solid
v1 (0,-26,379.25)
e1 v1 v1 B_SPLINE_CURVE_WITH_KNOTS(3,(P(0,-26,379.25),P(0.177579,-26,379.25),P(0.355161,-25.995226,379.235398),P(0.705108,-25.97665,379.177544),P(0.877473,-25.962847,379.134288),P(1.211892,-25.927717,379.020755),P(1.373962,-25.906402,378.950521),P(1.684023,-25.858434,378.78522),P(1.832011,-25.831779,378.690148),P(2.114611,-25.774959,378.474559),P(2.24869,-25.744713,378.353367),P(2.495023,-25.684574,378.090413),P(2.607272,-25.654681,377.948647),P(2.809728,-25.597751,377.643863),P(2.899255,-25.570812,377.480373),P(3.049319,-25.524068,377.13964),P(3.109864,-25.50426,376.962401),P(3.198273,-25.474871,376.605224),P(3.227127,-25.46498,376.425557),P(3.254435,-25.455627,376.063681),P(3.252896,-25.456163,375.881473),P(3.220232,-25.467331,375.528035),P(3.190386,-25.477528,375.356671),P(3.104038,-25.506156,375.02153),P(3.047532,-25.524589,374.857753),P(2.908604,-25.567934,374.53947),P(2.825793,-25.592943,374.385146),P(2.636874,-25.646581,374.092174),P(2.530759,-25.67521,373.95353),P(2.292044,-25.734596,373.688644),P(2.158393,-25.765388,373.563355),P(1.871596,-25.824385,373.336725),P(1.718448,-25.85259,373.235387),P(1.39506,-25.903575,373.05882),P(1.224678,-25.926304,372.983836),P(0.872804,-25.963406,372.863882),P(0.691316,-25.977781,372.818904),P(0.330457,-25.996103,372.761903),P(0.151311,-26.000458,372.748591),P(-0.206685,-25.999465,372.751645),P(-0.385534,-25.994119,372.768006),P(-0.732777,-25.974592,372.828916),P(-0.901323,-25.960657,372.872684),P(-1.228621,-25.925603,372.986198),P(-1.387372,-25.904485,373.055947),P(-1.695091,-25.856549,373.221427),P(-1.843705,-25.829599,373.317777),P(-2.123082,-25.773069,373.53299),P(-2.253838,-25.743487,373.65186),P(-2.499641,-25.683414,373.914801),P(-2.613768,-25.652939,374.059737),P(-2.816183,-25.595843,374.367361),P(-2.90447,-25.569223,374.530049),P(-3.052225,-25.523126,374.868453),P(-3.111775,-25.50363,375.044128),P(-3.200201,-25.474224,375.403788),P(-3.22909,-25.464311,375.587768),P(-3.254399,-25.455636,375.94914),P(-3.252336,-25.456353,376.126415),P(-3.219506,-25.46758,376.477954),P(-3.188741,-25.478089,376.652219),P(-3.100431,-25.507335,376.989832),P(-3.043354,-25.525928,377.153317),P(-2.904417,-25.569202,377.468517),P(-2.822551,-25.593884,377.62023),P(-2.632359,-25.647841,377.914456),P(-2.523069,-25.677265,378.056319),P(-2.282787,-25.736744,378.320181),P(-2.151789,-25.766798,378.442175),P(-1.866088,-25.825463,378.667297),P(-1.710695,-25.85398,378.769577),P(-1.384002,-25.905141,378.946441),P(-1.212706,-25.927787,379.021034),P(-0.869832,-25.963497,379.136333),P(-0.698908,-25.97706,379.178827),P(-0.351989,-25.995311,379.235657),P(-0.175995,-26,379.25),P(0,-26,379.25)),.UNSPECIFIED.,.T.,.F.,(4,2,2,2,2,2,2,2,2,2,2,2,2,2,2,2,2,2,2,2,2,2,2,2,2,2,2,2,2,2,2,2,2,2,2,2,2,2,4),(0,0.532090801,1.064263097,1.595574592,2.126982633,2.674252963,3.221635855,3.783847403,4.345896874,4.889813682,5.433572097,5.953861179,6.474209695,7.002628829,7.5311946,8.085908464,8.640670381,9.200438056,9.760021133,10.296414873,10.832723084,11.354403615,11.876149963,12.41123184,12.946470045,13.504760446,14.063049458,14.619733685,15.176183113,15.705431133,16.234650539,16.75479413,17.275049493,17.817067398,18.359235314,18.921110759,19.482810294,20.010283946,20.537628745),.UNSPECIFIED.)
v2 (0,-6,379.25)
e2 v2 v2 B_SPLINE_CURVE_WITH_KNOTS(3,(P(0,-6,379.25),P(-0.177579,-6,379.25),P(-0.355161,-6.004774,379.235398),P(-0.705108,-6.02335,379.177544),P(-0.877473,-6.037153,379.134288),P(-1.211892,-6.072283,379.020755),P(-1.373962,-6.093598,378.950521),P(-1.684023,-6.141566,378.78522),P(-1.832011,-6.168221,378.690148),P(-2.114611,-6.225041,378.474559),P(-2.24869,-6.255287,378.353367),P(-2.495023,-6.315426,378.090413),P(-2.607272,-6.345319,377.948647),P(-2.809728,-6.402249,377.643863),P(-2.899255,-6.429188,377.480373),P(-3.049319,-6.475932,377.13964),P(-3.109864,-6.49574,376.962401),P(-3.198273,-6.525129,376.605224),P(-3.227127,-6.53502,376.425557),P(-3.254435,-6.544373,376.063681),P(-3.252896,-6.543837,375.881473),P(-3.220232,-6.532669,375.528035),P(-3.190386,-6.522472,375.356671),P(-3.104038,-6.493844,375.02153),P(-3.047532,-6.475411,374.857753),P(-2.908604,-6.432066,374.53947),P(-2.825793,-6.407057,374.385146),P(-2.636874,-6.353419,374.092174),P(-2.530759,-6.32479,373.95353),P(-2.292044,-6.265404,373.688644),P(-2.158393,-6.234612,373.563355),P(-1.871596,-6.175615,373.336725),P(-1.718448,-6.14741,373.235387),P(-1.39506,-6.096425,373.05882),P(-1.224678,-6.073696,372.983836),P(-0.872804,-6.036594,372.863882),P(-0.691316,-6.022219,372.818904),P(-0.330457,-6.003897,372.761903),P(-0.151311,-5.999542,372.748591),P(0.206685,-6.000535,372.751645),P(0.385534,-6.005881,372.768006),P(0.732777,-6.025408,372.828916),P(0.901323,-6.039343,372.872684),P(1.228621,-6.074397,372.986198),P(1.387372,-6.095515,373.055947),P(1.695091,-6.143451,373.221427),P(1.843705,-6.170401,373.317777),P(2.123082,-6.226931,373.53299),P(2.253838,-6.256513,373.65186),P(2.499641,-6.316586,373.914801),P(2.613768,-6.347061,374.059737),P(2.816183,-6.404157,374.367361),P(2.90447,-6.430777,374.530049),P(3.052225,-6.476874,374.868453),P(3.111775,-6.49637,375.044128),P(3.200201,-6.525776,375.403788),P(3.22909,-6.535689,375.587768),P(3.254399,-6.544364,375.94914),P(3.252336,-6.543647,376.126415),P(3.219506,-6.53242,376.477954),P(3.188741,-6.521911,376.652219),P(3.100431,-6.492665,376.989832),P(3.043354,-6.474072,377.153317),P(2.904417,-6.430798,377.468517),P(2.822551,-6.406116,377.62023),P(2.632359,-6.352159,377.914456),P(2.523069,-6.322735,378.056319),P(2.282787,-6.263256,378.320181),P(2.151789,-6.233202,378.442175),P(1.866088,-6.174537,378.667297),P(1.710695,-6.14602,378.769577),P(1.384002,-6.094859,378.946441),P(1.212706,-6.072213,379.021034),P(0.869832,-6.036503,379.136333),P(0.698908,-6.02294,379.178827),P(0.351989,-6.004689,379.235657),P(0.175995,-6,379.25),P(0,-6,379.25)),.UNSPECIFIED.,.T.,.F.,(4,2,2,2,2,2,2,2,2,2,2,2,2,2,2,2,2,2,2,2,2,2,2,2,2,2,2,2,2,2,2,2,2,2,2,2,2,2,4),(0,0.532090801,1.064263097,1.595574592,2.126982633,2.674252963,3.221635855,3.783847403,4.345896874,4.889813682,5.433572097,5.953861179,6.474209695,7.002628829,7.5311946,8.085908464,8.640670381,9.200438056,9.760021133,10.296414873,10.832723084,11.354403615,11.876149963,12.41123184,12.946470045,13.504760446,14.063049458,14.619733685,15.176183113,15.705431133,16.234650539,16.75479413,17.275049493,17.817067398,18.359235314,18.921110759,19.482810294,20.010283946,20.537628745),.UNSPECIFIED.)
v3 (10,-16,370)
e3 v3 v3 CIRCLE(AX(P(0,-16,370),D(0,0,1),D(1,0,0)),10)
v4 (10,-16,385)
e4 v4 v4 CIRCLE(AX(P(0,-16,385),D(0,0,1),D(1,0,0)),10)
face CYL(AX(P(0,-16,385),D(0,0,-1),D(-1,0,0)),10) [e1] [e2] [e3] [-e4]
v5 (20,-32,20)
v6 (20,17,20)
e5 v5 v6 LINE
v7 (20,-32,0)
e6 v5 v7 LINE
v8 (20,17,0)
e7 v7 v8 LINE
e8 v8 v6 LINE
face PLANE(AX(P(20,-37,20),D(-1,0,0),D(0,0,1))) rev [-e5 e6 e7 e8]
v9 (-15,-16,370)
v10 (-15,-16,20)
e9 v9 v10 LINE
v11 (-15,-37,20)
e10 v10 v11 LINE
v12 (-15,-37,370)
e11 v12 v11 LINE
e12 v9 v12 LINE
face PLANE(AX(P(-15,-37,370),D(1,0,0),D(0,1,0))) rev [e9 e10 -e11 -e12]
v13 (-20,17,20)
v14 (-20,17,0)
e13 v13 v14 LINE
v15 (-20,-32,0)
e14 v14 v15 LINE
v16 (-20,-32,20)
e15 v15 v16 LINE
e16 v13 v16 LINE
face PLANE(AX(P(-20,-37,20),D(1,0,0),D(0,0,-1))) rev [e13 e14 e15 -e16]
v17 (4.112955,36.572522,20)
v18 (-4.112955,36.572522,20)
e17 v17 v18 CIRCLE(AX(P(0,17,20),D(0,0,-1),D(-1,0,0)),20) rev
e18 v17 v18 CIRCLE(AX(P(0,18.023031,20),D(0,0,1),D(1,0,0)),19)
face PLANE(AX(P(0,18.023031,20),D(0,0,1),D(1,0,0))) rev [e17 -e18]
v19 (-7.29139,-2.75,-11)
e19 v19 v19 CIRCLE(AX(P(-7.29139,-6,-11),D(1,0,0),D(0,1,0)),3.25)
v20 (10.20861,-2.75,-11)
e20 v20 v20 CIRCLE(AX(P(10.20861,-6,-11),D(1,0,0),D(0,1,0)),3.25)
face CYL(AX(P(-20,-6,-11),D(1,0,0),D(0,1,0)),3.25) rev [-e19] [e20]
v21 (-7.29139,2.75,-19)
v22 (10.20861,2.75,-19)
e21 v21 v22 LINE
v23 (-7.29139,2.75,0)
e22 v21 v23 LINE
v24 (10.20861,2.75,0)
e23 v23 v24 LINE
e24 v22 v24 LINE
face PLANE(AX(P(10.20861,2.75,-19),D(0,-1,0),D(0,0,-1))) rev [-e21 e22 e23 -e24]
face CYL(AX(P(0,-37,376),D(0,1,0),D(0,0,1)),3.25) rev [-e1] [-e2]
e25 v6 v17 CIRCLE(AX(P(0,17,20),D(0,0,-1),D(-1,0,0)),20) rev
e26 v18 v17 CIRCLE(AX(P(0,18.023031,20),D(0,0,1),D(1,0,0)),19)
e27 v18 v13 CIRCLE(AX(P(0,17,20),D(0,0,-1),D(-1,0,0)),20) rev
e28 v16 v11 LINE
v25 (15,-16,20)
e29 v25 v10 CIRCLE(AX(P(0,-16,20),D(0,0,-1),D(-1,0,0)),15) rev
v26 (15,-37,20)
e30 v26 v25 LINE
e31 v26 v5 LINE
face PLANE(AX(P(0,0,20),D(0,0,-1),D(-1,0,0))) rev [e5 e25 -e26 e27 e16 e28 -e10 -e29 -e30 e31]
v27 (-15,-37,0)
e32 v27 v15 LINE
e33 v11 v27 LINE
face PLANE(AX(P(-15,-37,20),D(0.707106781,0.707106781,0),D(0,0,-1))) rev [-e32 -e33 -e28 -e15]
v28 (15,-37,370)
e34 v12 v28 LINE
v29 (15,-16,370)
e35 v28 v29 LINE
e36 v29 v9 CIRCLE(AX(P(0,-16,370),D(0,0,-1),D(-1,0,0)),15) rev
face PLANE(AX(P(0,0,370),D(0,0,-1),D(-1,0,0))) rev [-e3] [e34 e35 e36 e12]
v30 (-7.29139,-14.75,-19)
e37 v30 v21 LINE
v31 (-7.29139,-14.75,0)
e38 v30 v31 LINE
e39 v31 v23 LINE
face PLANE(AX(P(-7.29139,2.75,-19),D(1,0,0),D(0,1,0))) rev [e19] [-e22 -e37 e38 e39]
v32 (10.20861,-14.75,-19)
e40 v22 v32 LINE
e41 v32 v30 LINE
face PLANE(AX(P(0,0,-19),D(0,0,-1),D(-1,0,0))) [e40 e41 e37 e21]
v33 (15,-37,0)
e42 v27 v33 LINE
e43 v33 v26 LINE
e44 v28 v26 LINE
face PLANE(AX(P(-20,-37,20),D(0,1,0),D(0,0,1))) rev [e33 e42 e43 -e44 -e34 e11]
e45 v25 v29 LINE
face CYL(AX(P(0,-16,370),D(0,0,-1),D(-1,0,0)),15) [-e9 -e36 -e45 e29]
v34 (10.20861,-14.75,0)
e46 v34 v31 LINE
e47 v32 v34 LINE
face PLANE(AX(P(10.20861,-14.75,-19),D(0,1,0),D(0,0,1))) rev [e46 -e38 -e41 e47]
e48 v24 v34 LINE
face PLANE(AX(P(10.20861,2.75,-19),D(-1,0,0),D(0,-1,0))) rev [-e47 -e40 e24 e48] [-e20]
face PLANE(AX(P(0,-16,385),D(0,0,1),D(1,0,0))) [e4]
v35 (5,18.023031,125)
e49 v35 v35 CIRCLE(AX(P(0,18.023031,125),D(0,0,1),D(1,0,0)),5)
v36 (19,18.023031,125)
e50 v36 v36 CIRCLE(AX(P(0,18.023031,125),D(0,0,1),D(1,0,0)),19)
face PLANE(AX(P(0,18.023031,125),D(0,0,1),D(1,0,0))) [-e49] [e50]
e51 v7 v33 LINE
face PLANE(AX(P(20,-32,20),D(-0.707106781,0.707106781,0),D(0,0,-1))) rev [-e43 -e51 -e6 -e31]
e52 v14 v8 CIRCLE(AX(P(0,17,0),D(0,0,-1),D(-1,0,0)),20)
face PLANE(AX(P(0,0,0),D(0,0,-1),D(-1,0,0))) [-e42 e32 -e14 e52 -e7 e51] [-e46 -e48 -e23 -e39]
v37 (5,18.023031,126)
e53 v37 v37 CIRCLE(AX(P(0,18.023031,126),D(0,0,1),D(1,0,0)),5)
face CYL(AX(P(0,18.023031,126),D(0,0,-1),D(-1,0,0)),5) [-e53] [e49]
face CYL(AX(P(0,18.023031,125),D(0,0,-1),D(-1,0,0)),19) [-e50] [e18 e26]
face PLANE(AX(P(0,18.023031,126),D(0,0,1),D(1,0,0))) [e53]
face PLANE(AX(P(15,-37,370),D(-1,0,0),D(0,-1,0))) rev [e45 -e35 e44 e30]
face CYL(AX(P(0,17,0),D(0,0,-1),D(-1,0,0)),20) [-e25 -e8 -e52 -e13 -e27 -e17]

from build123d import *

# Parameters (mm, degrees)
SKETCH1_W               = 40
SKETCH1_H               = 74
BOSS_EXTRUDE1_DEPTH     = 20
FILLET1_RADIUS          = 20
FILLET1_LENGTH          = 20
CHAMFER1_SIZE           = 5
CHAMFER2_SIZE           = 5
SKETCH2_R               = 19
BOSS_EXTRUDE2_DEPTH     = 105
SKETCH3_R               = 5
BOSS_EXTRUDE3_DEPTH     = 1
SKETCH5_W               = 30
SKETCH5_H               = 36
BOSS_EXTRUDE4_DEPTH     = 350
FILLET2_RADIUS          = 15
FILLET2_LENGTH          = 350
SKETCH6_R               = 10
BOSS_EXTRUDE5_DEPTH     = 15
CUT_EXTRUDE1_DEPTH      = 391.476447911
CUT_EXTRUDE1_DEPTH_BACK = 391.476447911
SKETCH8_R               = 3.25
SKETCH9_W               = 17.5
SKETCH9_H               = 17.5
BOSS_EXTRUDE6_DEPTH     = 19
SKETCH11_R              = 3.25
CUT_EXTRUDE3_DEPTH      = 388.953947021


with BuildPart() as part:
    # Sketch1 → Boss-Extrude1 (new body)
    with BuildSketch(Plane.XY):
        Rectangle(SKETCH1_W, SKETCH1_H)
    extrude(amount=BOSS_EXTRUDE1_DEPTH)

    # Fillet1: full round fillet: the end face becomes a half cylinder, R = half its width
    fillet1_face = Plane((0, 37, 10), x_dir=(0, 0, 1), z_dir=(0, 1, 0))  # on the end face: x along it, z out of the body
    fillet1_slab = fillet1_face.offset(-FILLET1_RADIUS / 2) * Box(FILLET1_LENGTH, 2 * FILLET1_RADIUS, FILLET1_RADIUS, mode=Mode.PRIVATE)  # the body's end, R deep
    fillet1_round = Plane((0, 17, 10), x_dir=(0, 1, 0), z_dir=(0, 0, 1)) * Cylinder(FILLET1_RADIUS, FILLET1_LENGTH, mode=Mode.PRIVATE)  # its axis R under the face
    add(fillet1_slab - fillet1_round, mode=Mode.SUBTRACT)

    # Chamfer1
    chamfer1_edges = [part.edges().sort_by_distance(p)[0] for p in [
        (-20, -37, 10),
    ]]
    chamfer(chamfer1_edges, length=CHAMFER1_SIZE)

    # Chamfer2
    chamfer2_edges = [part.edges().sort_by_distance(p)[0] for p in [
        (20, -37, 10),
    ]]
    chamfer(chamfer2_edges, length=CHAMFER2_SIZE)

    # Sketch2 → Boss-Extrude2 (add)
    with BuildSketch(Plane.XY.offset(20)):
        with Locations(Location((0, 18.023030993, 0), (0, 0, 102.501860176))):
            Circle(SKETCH2_R)
    extrude(amount=BOSS_EXTRUDE2_DEPTH)

    # Sketch3 → Boss-Extrude3 (add)
    with BuildSketch(Plane.XY.offset(125)):
        with Locations((0, 18.023030993)):
            Circle(SKETCH3_R)
    extrude(amount=BOSS_EXTRUDE3_DEPTH)

    # Sketch5 → Boss-Extrude4 (add)
    with BuildSketch(Plane.XY.offset(20)):
        with Locations((0, -19)):
            Rectangle(SKETCH5_W, SKETCH5_H)
    extrude(amount=BOSS_EXTRUDE4_DEPTH)

    # Fillet2: full round fillet: the end face becomes a half cylinder, R = half its width
    fillet2_face = Plane((0, -1, 195), x_dir=(0, 0, 1), z_dir=(0, 1, 0))  # on the end face: x along it, z out of the body
    fillet2_slab = fillet2_face.offset(-FILLET2_RADIUS / 2) * Box(FILLET2_LENGTH, 2 * FILLET2_RADIUS, FILLET2_RADIUS, mode=Mode.PRIVATE)  # the body's end, R deep
    fillet2_round = Plane((0, -16, 195), x_dir=(0, 1, 0), z_dir=(0, 0, 1)) * Cylinder(FILLET2_RADIUS, FILLET2_LENGTH, mode=Mode.PRIVATE)  # its axis R under the face
    add(fillet2_slab - fillet2_round, mode=Mode.SUBTRACT)

    # Sketch6 → Boss-Extrude5 (add)
    with BuildSketch(Plane.XY.offset(370)):
        with Locations((0, -16)):
            Circle(SKETCH6_R)
    extrude(amount=BOSS_EXTRUDE5_DEPTH)

    # Sketch8 → Cut-Extrude1 (cut, two sides: drawn at the far end of the back side and taken through both)
    with BuildSketch(Plane(origin=(0, -25, 0), x_dir=(1, 0, 0), z_dir=(0, 1, 0)).offset(-CUT_EXTRUDE1_DEPTH_BACK)):
        with Locations(Location((0, -376, 0), (0, 0, 270))):
            Circle(SKETCH8_R)
    extrude(amount=CUT_EXTRUDE1_DEPTH + CUT_EXTRUDE1_DEPTH_BACK, mode=Mode.SUBTRACT)

    # Sketch9 → Boss-Extrude6 (add)
    with BuildSketch(Plane(origin=(0, 0, 0), x_dir=(-1, 0, 0), z_dir=(0, 0, -1))):
        with Locations((-1.458609833, -6)):
            Rectangle(SKETCH9_W, SKETCH9_H)
    extrude(amount=BOSS_EXTRUDE6_DEPTH)

    # Sketch11 → Cut-Extrude3 (cut, through all)
    with BuildSketch(Plane(origin=(10.208609833, 0, 0), x_dir=(0, 0, -1), z_dir=(1, 0, 0))):
        with Locations(Location((11, -6, 0), (0, 0, 90))):
            Circle(SKETCH11_R)
    extrude(amount=-CUT_EXTRUDE3_DEPTH, mode=Mode.SUBTRACT)


solid = part.part
